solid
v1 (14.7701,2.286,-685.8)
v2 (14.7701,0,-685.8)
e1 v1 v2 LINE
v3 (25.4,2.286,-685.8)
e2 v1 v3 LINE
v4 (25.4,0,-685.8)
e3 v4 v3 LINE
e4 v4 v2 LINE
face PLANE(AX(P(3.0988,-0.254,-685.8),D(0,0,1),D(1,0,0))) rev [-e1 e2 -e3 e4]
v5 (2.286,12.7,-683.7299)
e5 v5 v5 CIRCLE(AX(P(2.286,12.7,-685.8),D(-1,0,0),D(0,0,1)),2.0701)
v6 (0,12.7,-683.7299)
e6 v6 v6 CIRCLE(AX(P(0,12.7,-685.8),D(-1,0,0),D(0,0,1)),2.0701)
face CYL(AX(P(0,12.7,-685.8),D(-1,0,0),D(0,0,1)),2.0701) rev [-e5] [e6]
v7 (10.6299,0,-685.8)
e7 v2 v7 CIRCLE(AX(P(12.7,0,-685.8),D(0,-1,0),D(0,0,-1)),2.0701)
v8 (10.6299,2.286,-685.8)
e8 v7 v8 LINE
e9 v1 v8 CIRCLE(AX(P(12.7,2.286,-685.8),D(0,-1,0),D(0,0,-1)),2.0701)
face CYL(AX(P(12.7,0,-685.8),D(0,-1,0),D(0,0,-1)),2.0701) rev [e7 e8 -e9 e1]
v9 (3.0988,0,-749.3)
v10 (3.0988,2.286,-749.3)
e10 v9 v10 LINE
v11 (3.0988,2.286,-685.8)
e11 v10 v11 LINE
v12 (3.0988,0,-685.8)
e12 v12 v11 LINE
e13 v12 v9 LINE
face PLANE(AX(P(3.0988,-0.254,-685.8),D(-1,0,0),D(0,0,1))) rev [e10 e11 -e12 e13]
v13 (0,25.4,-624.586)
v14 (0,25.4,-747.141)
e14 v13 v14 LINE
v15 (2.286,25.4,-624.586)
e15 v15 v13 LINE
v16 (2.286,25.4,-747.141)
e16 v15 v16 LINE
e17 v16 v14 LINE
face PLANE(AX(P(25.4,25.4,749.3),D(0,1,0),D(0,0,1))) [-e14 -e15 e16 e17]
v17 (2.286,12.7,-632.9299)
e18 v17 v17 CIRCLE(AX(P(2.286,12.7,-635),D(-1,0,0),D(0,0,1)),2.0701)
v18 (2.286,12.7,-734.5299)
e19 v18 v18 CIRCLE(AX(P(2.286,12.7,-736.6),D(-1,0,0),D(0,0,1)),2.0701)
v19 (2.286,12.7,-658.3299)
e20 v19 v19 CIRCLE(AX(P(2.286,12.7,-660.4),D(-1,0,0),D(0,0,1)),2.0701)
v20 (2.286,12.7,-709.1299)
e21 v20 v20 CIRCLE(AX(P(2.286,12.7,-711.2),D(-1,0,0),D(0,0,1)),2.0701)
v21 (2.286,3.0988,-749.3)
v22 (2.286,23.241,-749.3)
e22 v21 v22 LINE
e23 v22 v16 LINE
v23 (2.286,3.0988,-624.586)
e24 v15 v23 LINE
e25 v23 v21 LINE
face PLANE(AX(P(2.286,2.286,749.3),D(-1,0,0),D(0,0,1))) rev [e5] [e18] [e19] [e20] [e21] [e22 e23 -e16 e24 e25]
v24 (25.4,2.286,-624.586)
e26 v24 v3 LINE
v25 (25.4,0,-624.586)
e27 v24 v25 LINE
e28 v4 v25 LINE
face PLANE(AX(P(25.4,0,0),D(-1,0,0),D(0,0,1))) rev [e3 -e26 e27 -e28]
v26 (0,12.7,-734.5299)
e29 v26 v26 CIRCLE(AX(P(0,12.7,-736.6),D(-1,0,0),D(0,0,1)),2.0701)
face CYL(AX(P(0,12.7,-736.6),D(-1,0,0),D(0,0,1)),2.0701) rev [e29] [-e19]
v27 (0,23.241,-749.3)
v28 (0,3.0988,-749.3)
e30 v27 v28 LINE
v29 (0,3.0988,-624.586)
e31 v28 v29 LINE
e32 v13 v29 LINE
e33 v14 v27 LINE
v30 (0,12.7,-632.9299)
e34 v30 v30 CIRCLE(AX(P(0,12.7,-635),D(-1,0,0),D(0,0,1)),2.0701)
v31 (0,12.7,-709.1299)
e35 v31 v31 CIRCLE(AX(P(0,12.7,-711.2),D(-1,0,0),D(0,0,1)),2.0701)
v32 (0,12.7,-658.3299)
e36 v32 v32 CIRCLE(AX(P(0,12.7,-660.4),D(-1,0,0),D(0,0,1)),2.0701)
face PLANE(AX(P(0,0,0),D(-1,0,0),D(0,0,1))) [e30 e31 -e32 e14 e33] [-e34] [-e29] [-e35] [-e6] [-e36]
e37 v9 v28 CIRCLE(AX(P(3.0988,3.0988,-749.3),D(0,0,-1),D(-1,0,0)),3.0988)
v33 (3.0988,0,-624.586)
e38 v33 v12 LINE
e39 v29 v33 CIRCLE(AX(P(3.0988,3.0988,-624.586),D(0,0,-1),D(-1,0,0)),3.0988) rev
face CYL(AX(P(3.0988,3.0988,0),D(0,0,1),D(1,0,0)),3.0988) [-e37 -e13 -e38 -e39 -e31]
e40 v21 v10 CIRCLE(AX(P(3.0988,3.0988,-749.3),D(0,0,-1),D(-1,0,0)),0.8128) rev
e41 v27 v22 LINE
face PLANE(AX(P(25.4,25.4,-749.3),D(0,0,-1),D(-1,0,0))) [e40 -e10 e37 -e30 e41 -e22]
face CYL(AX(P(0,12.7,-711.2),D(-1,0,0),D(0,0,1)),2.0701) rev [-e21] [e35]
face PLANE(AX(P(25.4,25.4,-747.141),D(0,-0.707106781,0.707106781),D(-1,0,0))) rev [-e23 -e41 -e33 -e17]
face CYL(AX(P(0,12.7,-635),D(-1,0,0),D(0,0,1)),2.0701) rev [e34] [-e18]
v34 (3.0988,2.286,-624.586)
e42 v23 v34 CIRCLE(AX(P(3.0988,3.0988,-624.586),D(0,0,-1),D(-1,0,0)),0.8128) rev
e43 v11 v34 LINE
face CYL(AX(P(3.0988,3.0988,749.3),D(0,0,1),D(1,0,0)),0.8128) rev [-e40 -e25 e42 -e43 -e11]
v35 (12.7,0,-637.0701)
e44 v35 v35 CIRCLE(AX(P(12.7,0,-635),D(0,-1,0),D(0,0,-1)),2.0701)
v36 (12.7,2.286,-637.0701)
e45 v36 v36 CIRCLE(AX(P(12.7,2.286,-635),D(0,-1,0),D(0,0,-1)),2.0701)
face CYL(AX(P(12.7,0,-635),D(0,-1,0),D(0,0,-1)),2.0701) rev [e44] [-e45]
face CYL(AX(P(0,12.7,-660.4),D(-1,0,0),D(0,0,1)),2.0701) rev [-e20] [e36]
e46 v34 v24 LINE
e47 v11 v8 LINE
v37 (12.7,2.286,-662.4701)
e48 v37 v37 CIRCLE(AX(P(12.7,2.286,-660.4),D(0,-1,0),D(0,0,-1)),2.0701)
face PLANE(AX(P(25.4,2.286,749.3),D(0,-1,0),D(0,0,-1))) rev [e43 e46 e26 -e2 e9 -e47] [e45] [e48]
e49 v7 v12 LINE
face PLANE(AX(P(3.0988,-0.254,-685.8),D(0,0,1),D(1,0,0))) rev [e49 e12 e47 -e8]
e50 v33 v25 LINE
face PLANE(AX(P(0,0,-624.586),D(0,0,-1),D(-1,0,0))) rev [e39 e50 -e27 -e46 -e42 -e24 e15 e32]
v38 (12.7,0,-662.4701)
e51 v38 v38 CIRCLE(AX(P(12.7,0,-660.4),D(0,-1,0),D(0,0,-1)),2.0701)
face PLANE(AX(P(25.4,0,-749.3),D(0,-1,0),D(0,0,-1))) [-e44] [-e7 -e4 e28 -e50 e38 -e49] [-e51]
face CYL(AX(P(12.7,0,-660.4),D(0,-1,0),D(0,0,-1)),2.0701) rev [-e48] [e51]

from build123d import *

# Parameters (mm, degrees)
SKETCH1_W                  = 25.4
SKETCH1_H                  = 1498.6
BOSS_EXTRUDE1_DEPTH        = 25.4
SKETCH2_W                  = 23.114
SKETCH2_H                  = 23.114
CUT_EXTRUDE1_DEPTH         = 1499.6
M3_5_CLEARANCE_HOLE1_D     = 4.1402
M3_5_CLEARANCE_HOLE1_DEPTH = 25.4
M3_5_CLEARANCE_HOLE2_D     = 4.1402
M3_5_CLEARANCE_HOLE2_DEPTH = 25.4
CHAMFER1_SIZE              = 2.159
FILLET1_R                  = 0.8128
FILLET2_R                  = 3.0988
SKETCH8_W                  = 95.882963774
SKETCH8_H                  = 79.338329604
CUT_EXTRUDE3_DEPTH         = 1371.6
SKETCH11_W                 = 51.462522779
SKETCH11_H                 = 66.676735099
CUT_EXTRUDE6_DEPTH         = 2.286
SKETCH12_W                 = 24.634530663
SKETCH12_H                 = 66.668992962
CUT_EXTRUDE7_DEPTH         = 2.54


with BuildPart() as part:
    # Sketch1 → Boss-Extrude1 (new body)
    with BuildSketch(Plane(origin=(0, 0, 0), x_dir=(0, -1, 0), z_dir=(-1, 0, 0))):
        with Locations((-12.7, 0)):
            Rectangle(SKETCH1_W, SKETCH1_H)
    extrude(amount=-BOSS_EXTRUDE1_DEPTH)

    # Sketch2 → Cut-Extrude1 (cut, through all)
    with BuildSketch(Plane(origin=(0, 0, -749.3), x_dir=(-1, 0, 0), z_dir=(0, 0, -1))):
        with Locations((-13.843, 13.843)):
            Rectangle(SKETCH2_W, SKETCH2_H)
    extrude(amount=-CUT_EXTRUDE1_DEPTH, mode=Mode.SUBTRACT)

    # M3.5 Clearance Hole1
    with Locations(Plane(origin=(0, 0, 0), x_dir=(-1, 0, 0), z_dir=(0, -1, 0))):
        with Locations((-12.7, 736.6), (-12.7, 711.2), (-12.7, 685.8), (-12.7, 660.4), (-12.7, 635), (-12.7, 609.6), (-12.7, 584.2), (-12.7, 558.8), (-12.7, 533.4), (-12.7, 508), (-12.7, 482.6), (-12.7, 457.2), (-12.7, 431.8), (-12.7, 406.4), (-12.7, 381), (-12.7, 355.6), (-12.7, 330.2), (-12.7, 304.8), (-12.7, 279.4), (-12.7, 254), (-12.7, 228.6), (-12.7, 203.2), (-12.7, 177.8), (-12.7, 152.4), (-12.7, 127), (-12.7, 101.6), (-12.7, 76.2), (-12.7, 50.8), (-12.7, 25.4), (-12.7, 0), (-12.7, -25.4), (-12.7, -50.8), (-12.7, -76.2), (-12.7, -101.6), (-12.7, -127), (-12.7, -152.4), (-12.7, -177.8), (-12.7, -203.2), (-12.7, -228.6), (-12.7, -254), (-12.7, -279.4), (-12.7, -304.8), (-12.7, -330.2), (-12.7, -355.6), (-12.7, -381), (-12.7, -406.4), (-12.7, -431.8), (-12.7, -457.2), (-12.7, -482.6), (-12.7, -508), (-12.7, -533.4), (-12.7, -558.8), (-12.7, -584.2), (-12.7, -609.6), (-12.7, -635), (-12.7, -660.4), (-12.7, -685.8), (-12.7, -711.2), (-12.7, -736.6)):
            Hole(M3_5_CLEARANCE_HOLE1_D / 2, depth=M3_5_CLEARANCE_HOLE1_DEPTH)

    # M3.5 Clearance Hole2
    with Locations(Plane.ZY):
        with Locations((711.2, 12.7), (736.6, 12.7), (685.8, 12.7), (660.4, 12.7), (635, 12.7), (609.6, 12.7), (584.2, 12.7), (558.8, 12.7), (533.4, 12.7), (508, 12.7), (482.6, 12.7), (457.2, 12.7), (431.8, 12.7), (406.4, 12.7), (381, 12.7), (355.6, 12.7), (330.2, 12.7), (304.8, 12.7), (279.4, 12.7), (254, 12.7), (228.6, 12.7), (203.2, 12.7), (177.8, 12.7), (152.4, 12.7), (127, 12.7), (101.6, 12.7), (76.2, 12.7), (50.8, 12.7), (25.4, 12.7), (0, 12.7), (-25.4, 12.7), (-50.8, 12.7), (-76.2, 12.7), (-101.6, 12.7), (-127, 12.7), (-152.4, 12.7), (-177.8, 12.7), (-203.2, 12.7), (-228.6, 12.7), (-254, 12.7), (-279.4, 12.7), (-304.8, 12.7), (-330.2, 12.7), (-355.6, 12.7), (-381, 12.7), (-406.4, 12.7), (-431.8, 12.7), (-457.2, 12.7), (-482.6, 12.7), (-508, 12.7), (-533.4, 12.7), (-558.8, 12.7), (-584.2, 12.7), (-609.6, 12.7), (-635, 12.7), (-660.4, 12.7), (-685.8, 12.7), (-711.2, 12.7), (-736.6, 12.7)):
            Hole(M3_5_CLEARANCE_HOLE2_D / 2, depth=M3_5_CLEARANCE_HOLE2_DEPTH)

    # Chamfer1
    chamfer1_edges = [part.edges().sort_by_distance(p)[0] for p in [
        (25.4, 1.143, -749.3),
        (1.143, 25.4, 749.3),
        (1.143, 25.4, -749.3),
        (25.4, 1.143, 749.3),
    ]]
    chamfer(chamfer1_edges, length=CHAMFER1_SIZE)

    # Fillet1
    fillet1_edges = [part.edges().sort_by_distance(p)[0] for p in [
        (2.286, 2.286, 0),
    ]]
    fillet(fillet1_edges, radius=FILLET1_R)

    # Fillet2
    fillet2_edges = [part.edges().sort_by_distance(p)[0] for p in [
        (0, 0, 0),
    ]]
    fillet(fillet2_edges, radius=FILLET2_R)

    # Sketch8 → Cut-Extrude3 (cut)
    with BuildSketch(Plane.XY.offset(749.3)):
        with Locations((2.286, 3.0988)):
            Rectangle(SKETCH8_W, SKETCH8_H)
    extrude(amount=-CUT_EXTRUDE3_DEPTH, mode=Mode.SUBTRACT)

    # Sketch11 → Cut-Extrude6 (cut)
    with BuildSketch(Plane.XY.offset(-622.3)):
        with Locations((1.85517497, 1.74884985)):
            Rectangle(SKETCH11_W, SKETCH11_H)
    extrude(amount=-CUT_EXTRUDE6_DEPTH, mode=Mode.SUBTRACT)

    # Sketch12 → Cut-Extrude7 (cut)
    with BuildSketch(Plane(origin=(0, 2.286, 0), x_dir=(1, 0, 0), z_dir=(0, 1, 0))):
        with Locations((15.416065332, 719.134496481)):
            Rectangle(SKETCH12_W, SKETCH12_H)
    extrude(amount=-CUT_EXTRUDE7_DEPTH, mode=Mode.SUBTRACT)


solid = part.part
